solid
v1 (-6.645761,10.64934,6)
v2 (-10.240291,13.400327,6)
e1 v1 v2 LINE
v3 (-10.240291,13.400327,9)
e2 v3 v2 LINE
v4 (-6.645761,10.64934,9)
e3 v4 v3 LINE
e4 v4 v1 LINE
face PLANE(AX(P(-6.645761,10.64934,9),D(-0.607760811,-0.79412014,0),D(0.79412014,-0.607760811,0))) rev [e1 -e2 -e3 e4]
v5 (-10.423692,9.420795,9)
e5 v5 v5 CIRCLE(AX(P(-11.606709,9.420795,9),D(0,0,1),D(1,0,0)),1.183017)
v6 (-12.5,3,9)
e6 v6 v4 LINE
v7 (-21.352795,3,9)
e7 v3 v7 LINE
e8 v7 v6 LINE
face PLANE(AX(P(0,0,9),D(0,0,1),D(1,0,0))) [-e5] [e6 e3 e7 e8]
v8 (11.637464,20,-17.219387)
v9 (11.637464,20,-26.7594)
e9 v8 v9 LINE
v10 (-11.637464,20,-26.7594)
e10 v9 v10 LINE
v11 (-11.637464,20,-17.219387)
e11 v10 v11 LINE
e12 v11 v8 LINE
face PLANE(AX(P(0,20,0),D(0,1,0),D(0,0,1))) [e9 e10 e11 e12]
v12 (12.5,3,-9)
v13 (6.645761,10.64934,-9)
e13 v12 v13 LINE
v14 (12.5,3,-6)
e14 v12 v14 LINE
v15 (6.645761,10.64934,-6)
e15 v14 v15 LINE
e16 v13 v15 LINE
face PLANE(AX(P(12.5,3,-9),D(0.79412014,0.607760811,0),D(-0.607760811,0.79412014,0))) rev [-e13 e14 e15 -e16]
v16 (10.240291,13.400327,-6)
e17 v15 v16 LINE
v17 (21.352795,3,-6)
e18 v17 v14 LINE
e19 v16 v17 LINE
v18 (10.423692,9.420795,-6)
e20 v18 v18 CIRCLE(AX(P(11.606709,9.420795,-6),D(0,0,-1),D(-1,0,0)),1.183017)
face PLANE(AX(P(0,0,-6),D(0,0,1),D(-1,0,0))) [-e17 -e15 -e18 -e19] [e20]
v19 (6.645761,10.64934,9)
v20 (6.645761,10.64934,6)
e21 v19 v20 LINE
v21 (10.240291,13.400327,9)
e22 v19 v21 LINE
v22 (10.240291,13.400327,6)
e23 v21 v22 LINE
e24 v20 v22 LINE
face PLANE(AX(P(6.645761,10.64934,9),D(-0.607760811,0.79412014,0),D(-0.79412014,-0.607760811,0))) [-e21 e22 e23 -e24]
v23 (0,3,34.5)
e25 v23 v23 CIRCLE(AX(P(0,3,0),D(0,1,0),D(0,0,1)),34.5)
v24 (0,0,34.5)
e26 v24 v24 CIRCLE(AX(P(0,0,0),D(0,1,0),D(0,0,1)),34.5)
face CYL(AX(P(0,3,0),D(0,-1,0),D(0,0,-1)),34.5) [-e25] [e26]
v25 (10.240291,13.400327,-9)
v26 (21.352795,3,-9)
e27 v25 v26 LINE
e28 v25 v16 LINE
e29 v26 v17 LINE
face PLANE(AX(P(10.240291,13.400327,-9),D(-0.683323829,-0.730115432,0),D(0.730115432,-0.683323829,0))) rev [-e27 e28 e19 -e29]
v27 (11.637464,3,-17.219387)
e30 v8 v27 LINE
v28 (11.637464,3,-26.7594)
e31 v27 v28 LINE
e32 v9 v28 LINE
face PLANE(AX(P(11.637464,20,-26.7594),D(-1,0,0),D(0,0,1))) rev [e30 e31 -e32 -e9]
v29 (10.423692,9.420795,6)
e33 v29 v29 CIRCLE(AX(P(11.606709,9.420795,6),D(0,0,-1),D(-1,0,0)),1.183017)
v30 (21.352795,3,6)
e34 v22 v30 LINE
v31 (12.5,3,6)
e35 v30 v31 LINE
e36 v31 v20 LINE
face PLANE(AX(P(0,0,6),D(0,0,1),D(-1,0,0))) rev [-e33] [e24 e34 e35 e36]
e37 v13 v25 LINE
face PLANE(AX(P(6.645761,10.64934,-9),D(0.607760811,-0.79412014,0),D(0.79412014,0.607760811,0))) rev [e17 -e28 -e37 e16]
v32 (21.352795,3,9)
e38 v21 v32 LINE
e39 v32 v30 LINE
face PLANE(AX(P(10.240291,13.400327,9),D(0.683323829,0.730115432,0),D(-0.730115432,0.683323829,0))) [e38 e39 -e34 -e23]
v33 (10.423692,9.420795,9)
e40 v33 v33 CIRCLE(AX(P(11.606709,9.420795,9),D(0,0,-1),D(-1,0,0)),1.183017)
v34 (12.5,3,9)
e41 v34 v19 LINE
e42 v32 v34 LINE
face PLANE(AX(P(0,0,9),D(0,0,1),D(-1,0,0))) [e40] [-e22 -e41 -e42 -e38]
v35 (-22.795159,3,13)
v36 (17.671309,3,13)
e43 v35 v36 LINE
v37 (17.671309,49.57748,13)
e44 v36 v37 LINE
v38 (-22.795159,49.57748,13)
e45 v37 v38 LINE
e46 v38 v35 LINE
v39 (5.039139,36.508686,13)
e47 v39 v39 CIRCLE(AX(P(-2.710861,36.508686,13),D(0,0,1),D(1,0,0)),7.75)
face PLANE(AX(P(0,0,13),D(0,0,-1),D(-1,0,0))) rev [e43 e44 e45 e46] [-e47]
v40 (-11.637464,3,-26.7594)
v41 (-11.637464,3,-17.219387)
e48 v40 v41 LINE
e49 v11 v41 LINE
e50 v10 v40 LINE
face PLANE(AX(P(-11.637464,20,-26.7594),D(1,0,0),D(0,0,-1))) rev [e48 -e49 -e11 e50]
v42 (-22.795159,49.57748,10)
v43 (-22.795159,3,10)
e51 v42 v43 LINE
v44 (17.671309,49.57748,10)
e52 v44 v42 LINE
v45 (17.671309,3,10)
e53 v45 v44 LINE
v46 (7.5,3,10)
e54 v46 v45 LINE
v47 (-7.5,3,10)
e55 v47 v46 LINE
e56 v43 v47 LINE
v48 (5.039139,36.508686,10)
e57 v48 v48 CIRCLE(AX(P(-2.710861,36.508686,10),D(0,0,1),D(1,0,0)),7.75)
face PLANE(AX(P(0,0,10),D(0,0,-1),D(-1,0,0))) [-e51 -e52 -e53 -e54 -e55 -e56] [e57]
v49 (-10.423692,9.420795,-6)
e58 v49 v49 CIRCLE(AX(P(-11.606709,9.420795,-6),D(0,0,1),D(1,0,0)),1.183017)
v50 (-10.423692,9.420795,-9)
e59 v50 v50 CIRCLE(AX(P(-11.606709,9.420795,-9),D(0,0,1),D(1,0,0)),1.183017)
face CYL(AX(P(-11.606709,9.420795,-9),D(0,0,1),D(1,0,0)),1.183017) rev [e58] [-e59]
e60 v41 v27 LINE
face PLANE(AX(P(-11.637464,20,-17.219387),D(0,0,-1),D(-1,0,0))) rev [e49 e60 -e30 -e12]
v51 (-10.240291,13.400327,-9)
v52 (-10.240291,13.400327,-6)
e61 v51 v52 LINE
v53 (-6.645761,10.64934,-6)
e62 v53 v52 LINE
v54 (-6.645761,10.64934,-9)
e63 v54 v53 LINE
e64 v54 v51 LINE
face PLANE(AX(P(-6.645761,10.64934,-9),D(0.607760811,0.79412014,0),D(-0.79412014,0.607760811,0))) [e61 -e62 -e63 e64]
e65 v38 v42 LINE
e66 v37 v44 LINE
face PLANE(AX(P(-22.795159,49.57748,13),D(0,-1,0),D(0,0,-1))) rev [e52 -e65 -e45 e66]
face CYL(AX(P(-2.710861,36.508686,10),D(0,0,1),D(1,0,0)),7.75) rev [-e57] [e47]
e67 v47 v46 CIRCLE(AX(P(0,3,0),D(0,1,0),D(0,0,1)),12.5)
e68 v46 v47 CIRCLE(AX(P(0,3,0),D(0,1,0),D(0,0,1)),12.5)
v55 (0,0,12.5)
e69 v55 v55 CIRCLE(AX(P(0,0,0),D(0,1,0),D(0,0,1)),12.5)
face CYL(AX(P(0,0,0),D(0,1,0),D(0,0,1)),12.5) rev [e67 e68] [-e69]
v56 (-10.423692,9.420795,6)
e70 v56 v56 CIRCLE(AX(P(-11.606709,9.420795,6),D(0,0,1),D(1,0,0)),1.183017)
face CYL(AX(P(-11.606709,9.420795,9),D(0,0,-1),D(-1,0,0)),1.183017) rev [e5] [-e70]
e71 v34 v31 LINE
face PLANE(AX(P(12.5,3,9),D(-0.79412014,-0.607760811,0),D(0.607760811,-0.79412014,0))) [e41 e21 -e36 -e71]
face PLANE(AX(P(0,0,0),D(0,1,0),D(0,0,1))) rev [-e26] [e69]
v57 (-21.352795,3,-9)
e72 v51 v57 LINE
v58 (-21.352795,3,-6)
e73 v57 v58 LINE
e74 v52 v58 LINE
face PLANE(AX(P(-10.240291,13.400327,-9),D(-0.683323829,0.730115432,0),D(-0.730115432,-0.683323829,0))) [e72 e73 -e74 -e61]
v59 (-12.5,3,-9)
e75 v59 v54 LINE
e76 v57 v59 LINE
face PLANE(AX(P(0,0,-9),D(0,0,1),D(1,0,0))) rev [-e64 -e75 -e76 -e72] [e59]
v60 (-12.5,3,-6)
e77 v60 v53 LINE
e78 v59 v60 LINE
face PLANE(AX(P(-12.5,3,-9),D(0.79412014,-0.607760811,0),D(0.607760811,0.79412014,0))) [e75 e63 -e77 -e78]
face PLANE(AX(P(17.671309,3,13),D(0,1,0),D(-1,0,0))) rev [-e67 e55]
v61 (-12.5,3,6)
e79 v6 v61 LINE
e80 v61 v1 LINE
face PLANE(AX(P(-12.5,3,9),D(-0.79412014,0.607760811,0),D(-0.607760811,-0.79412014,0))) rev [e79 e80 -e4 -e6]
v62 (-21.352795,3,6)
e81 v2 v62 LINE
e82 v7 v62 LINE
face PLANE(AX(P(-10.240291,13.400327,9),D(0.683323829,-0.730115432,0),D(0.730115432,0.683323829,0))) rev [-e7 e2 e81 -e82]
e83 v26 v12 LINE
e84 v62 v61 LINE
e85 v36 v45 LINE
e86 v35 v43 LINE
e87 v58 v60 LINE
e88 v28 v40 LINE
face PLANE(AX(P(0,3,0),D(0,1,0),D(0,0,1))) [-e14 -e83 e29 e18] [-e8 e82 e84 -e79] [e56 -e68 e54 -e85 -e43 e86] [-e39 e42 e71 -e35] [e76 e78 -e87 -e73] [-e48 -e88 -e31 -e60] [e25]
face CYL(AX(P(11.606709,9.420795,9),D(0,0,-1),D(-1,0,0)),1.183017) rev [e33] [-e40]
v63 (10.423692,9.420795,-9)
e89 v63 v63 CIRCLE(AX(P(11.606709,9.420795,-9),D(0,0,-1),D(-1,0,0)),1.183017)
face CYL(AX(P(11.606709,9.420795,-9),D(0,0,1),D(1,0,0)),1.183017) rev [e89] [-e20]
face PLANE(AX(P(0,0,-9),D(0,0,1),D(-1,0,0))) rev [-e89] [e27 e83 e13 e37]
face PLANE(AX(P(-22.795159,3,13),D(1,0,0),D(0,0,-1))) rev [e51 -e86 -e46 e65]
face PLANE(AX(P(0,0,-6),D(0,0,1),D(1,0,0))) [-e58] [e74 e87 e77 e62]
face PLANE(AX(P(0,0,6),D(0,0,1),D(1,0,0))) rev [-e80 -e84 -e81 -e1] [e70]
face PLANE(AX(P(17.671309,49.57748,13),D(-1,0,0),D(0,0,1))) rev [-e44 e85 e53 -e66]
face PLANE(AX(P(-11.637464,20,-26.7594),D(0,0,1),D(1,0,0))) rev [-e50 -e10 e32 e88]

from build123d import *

# Parameters (mm, degrees)
SKETCH_1_R          = 34.5
EXTRUDE_1_DEPTH     = 3
SKETCH_2_R          = 12.5
CUT_EXTRUDE_1_DEPTH = 3
EXTRUDE_START       = 6
SKETCH_3_R          = 1.183017338
EXTRUDE_2_DEPTH     = 3
EXTRUDE_START_2     = -9
SKETCH_3_2_R        = 1.183017338
EXTRUDE_3_DEPTH     = 3
EXTRUDE_START_3     = 10
SKETCH_4_W          = 40.46646749
SKETCH_4_H          = 46.577480255
EXTRUDE_6_DEPTH     = 3
SKETCH_5_R          = 7.75
CUT_EXTRUDE_2_DEPTH = 3
SKETCH_6_W          = 23.274927202
SKETCH_6_H          = 9.540013766
EXTRUDE_7_DEPTH     = 17


with BuildPart() as part:
    # 草图1 → 凸台-拉伸1 (new body)
    with BuildSketch(Plane(origin=(0, 0, 0), x_dir=(1, 0, 0), z_dir=(0, 1, 0))):
        Circle(SKETCH_1_R)
    extrude(amount=EXTRUDE_1_DEPTH)

    # 草图2 → 切除-拉伸1 (cut)
    with BuildSketch(Plane(origin=(0, 3, 0), x_dir=(1, 0, 0), z_dir=(0, 1, 0))):
        Circle(SKETCH_2_R)
    extrude(amount=-CUT_EXTRUDE_1_DEPTH, mode=Mode.SUBTRACT)

    # 草图3 → 凸台-拉伸2 (add)
    with BuildSketch(Plane.XY.offset(EXTRUDE_START)):
        Polygon((-12.5, 3), (-6.645761315, 10.649339614), (-10.240290901, 13.400326656), (-21.352795206, 3), align=None)
        with Locations((-11.606709205, 9.420794795)):
            Circle(SKETCH_3_R, mode=Mode.SUBTRACT)
    extrude_2 = extrude(amount=EXTRUDE_2_DEPTH)

    # 草图3<2> → 凸台-拉伸3 (add)
    with BuildSketch(Plane.XY.offset(EXTRUDE_START_2)):
        Polygon((-12.5, 3), (-6.645761315, 10.649339614), (-10.240290901, 13.400326656), (-21.352795206, 3), align=None)
        with Locations((-11.606709205, 9.420794795)):
            Circle(SKETCH_3_2_R, mode=Mode.SUBTRACT)
    extrude_3 = extrude(amount=EXTRUDE_3_DEPTH)

    # 镜向1: 凸台-拉伸2, 凸台-拉伸3 across plane
    add(extrude_2.mirror(Plane(origin=(0, 0, 0), x_dir=(0, 0, 1), z_dir=(1, 0, 0))))
    add(extrude_3.mirror(Plane(origin=(0, 0, 0), x_dir=(0, 0, 1), z_dir=(1, 0, 0))))

    # 草图4 → 凸台-拉伸6 (add)
    with BuildSketch(Plane.XY.offset(EXTRUDE_START_3)):
        with Locations((-2.561924873, 26.288740128)):
            Rectangle(SKETCH_4_W, SKETCH_4_H)
    extrude(amount=EXTRUDE_6_DEPTH)

    # 草图5 → 切除-拉伸2 (cut)
    with BuildSketch(Plane.XY.offset(13)):
        with Locations((-2.710861026, 36.508686197)):
            Circle(SKETCH_5_R)
    extrude(amount=-CUT_EXTRUDE_2_DEPTH, mode=Mode.SUBTRACT)

    # 草图6 → 凸台-拉伸7 (add)
    with BuildSketch(Plane(origin=(0, 3, 0), x_dir=(1, 0, 0), z_dir=(0, 1, 0))):
        with Locations((0, 21.989393432)):
            Rectangle(SKETCH_6_W, SKETCH_6_H)
    extrude(amount=EXTRUDE_7_DEPTH)


solid = part.part
